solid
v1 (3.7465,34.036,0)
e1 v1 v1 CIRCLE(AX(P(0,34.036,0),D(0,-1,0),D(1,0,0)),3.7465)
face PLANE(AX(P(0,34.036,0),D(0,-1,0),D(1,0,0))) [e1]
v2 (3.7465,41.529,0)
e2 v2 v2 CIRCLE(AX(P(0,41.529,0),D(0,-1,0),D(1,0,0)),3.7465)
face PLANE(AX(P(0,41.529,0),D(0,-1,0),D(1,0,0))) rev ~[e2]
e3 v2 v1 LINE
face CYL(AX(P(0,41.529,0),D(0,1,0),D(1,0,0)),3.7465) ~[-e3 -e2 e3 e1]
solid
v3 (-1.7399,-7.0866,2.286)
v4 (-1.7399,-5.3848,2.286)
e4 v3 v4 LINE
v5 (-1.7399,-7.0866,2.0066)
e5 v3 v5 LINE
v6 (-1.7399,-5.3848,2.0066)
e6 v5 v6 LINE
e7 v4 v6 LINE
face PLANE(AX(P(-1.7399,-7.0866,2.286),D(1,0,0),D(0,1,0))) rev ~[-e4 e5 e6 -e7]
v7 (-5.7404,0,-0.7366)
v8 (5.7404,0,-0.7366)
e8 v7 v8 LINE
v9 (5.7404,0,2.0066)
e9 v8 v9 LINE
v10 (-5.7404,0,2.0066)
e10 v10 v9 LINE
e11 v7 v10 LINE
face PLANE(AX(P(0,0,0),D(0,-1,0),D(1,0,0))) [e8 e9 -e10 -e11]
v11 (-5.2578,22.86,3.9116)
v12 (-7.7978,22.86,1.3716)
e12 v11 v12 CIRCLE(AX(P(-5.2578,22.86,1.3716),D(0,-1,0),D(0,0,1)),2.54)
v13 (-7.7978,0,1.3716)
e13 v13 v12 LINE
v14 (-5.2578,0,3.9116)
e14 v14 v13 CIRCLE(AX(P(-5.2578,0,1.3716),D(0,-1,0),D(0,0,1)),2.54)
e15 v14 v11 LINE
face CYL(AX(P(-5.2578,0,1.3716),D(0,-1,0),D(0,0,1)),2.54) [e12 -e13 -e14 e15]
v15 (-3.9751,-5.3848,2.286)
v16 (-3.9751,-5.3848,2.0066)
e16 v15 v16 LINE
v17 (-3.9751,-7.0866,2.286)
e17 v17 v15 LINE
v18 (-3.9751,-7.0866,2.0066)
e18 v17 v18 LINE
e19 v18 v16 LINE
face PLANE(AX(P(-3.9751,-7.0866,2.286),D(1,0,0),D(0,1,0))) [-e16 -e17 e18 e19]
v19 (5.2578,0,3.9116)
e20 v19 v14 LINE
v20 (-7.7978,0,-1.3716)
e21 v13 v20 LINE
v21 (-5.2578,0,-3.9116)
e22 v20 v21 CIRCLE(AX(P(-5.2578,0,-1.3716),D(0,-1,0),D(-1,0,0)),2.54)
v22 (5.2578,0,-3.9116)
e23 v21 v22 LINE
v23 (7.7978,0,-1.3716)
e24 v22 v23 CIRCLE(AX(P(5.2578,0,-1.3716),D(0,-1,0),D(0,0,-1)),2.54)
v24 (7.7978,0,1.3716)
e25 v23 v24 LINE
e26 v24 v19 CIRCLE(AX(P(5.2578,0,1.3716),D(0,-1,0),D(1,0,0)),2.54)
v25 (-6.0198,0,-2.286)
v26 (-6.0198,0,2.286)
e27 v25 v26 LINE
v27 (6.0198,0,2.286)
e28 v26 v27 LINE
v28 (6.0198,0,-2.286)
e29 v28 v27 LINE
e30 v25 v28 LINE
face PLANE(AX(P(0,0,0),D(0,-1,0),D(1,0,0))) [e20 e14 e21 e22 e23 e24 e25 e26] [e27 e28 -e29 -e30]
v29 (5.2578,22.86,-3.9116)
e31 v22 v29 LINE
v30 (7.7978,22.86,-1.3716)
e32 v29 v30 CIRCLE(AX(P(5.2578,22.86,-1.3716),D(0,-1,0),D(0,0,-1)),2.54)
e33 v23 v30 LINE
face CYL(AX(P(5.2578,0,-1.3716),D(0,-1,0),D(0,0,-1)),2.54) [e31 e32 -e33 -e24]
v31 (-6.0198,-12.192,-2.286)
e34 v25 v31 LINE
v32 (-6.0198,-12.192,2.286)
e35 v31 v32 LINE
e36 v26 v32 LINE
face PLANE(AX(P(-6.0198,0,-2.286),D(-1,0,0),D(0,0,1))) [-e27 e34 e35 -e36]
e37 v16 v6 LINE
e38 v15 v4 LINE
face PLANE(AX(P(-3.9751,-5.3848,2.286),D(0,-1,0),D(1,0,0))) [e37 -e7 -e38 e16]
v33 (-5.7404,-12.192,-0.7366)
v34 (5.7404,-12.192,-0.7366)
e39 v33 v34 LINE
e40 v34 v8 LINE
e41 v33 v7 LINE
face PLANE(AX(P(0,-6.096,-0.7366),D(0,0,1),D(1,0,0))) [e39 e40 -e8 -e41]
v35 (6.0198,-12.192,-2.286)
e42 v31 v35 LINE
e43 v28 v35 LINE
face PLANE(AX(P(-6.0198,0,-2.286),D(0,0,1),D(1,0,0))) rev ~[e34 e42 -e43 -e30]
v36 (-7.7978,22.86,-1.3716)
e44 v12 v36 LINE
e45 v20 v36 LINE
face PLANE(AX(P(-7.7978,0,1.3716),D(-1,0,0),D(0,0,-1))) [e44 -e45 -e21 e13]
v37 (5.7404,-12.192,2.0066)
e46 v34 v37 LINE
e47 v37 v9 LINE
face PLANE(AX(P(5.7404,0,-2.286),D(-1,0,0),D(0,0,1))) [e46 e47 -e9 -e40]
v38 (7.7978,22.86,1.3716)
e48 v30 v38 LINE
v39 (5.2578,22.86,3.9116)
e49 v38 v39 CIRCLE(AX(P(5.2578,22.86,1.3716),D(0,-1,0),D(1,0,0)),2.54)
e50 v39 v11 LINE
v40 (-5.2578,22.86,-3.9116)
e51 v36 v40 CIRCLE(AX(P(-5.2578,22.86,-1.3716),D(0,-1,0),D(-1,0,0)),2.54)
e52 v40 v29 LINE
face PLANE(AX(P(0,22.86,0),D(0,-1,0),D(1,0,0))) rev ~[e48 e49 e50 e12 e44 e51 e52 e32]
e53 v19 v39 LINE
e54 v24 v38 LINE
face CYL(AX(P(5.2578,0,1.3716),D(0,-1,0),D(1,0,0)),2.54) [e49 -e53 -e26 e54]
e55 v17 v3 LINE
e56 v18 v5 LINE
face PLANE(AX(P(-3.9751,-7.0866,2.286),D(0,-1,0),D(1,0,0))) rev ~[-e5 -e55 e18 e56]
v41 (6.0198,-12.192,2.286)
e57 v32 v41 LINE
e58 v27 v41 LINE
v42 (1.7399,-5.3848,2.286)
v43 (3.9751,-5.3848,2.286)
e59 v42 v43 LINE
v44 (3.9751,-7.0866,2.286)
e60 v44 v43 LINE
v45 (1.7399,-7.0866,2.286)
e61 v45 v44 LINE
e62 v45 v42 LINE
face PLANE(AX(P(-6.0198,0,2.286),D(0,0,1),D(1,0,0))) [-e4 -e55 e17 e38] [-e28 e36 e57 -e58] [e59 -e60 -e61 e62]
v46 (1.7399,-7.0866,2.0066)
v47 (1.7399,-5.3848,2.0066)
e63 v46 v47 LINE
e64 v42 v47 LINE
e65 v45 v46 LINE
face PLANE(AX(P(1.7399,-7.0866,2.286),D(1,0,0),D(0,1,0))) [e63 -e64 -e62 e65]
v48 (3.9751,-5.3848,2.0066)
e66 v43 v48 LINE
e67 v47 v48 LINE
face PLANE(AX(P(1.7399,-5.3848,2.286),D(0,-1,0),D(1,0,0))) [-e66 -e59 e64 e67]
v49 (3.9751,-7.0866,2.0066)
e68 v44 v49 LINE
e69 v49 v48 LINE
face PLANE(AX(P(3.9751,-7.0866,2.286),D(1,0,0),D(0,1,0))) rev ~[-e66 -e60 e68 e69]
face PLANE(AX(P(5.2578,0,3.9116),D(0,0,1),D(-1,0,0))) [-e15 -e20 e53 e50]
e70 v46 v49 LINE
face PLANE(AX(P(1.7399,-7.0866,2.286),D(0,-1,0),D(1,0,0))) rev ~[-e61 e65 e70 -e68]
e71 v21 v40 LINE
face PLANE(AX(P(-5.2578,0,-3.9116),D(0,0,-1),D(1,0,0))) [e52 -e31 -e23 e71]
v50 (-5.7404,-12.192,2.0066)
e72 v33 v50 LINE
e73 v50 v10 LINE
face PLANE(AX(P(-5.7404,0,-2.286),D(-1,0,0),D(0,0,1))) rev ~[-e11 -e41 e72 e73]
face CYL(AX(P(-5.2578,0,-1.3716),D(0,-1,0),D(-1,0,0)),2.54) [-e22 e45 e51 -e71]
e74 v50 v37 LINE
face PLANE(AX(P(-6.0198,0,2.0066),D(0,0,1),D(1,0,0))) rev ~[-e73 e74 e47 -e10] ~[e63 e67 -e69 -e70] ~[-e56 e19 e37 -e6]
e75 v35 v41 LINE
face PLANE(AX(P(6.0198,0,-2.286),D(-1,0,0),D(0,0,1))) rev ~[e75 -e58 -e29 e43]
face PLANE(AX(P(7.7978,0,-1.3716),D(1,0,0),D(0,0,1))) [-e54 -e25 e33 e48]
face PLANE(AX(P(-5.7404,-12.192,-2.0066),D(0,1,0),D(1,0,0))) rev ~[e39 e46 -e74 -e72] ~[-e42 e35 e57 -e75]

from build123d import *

# Parameters (mm, degrees)
F0_W      = 12.0396
F0_H      = 4.572
F1_DEPTH  = 12.192
F2_T      = -0.2794
F4_DEPTH  = 22.86
F5_W      = 11.4808
F5_H      = 12.192
F6_DEPTH  = 1.27
F7_W      = 2.2352
F7_H      = 1.7018
F8_DEPTH  = 0.2794
F10_R     = 3.7465
F11_DEPTH = 7.493


with BuildPart() as f1:
    # F0 (on Front) → F1 (new body)
    with BuildSketch(Plane.XZ):
        Rectangle(F0_W, F0_H)
    extrude(amount=F1_DEPTH)

    # F2
    f2_openings = [f1.faces().sort_by_distance(p)[0] for p in [
        (0, -12.192, 0),
        (0, 0, 0),
    ]]
    offset(amount=F2_T, openings=f2_openings)

    # F3 (on Front) → F4 (join)
    with BuildSketch(Plane.XZ):
        with BuildLine():
            ThreePointArc((7.7978, 1.3716), (7.0538512242, 3.1676512242), (5.2578, 3.9116))
            Line((5.2578, 3.9116), (-5.2578, 3.9116))
            ThreePointArc((-5.2578, 3.9116), (-7.0538512242, 3.1676512242), (-7.7978, 1.3716))
            Line((-7.7978, 1.3716), (-7.7978, -1.3716))
            ThreePointArc((-7.7978, -1.3716), (-7.0538512242, -3.1676512242), (-5.2578, -3.9116))
            Line((-5.2578, -3.9116), (5.2578, -3.9116))
            ThreePointArc((5.2578, -3.9116), (7.0538512242, -3.1676512242), (7.7978, -1.3716))
            Line((7.7978, -1.3716), (7.7978, 1.3716))
        make_face()
    extrude(amount=-F4_DEPTH)

    # F5 (on face) → F6 (join)
    with BuildSketch(Plane.XY.offset(-2.0066)):
        with Locations((0, -6.096)):
            Rectangle(F5_W, F5_H)
    extrude(amount=F6_DEPTH)

    # F7 (on face) → F8 (cut, through all)
    with BuildSketch(Plane.XY.offset(2.286)):
        with Locations((-2.8575, -6.2357)):
            Rectangle(F7_W, F7_H)
        with Locations((2.8575, -6.2357)):
            Rectangle(F7_W, F7_H)
    extrude(amount=-F8_DEPTH, mode=Mode.SUBTRACT)


with BuildPart() as f11:
    # F10 (on offset) → F11 (new body)
    with BuildSketch(Plane.XZ.offset(-41.529)):
        Circle(F10_R)
    extrude(amount=F11_DEPTH)


solid = Compound([f1.part, f11.part])
